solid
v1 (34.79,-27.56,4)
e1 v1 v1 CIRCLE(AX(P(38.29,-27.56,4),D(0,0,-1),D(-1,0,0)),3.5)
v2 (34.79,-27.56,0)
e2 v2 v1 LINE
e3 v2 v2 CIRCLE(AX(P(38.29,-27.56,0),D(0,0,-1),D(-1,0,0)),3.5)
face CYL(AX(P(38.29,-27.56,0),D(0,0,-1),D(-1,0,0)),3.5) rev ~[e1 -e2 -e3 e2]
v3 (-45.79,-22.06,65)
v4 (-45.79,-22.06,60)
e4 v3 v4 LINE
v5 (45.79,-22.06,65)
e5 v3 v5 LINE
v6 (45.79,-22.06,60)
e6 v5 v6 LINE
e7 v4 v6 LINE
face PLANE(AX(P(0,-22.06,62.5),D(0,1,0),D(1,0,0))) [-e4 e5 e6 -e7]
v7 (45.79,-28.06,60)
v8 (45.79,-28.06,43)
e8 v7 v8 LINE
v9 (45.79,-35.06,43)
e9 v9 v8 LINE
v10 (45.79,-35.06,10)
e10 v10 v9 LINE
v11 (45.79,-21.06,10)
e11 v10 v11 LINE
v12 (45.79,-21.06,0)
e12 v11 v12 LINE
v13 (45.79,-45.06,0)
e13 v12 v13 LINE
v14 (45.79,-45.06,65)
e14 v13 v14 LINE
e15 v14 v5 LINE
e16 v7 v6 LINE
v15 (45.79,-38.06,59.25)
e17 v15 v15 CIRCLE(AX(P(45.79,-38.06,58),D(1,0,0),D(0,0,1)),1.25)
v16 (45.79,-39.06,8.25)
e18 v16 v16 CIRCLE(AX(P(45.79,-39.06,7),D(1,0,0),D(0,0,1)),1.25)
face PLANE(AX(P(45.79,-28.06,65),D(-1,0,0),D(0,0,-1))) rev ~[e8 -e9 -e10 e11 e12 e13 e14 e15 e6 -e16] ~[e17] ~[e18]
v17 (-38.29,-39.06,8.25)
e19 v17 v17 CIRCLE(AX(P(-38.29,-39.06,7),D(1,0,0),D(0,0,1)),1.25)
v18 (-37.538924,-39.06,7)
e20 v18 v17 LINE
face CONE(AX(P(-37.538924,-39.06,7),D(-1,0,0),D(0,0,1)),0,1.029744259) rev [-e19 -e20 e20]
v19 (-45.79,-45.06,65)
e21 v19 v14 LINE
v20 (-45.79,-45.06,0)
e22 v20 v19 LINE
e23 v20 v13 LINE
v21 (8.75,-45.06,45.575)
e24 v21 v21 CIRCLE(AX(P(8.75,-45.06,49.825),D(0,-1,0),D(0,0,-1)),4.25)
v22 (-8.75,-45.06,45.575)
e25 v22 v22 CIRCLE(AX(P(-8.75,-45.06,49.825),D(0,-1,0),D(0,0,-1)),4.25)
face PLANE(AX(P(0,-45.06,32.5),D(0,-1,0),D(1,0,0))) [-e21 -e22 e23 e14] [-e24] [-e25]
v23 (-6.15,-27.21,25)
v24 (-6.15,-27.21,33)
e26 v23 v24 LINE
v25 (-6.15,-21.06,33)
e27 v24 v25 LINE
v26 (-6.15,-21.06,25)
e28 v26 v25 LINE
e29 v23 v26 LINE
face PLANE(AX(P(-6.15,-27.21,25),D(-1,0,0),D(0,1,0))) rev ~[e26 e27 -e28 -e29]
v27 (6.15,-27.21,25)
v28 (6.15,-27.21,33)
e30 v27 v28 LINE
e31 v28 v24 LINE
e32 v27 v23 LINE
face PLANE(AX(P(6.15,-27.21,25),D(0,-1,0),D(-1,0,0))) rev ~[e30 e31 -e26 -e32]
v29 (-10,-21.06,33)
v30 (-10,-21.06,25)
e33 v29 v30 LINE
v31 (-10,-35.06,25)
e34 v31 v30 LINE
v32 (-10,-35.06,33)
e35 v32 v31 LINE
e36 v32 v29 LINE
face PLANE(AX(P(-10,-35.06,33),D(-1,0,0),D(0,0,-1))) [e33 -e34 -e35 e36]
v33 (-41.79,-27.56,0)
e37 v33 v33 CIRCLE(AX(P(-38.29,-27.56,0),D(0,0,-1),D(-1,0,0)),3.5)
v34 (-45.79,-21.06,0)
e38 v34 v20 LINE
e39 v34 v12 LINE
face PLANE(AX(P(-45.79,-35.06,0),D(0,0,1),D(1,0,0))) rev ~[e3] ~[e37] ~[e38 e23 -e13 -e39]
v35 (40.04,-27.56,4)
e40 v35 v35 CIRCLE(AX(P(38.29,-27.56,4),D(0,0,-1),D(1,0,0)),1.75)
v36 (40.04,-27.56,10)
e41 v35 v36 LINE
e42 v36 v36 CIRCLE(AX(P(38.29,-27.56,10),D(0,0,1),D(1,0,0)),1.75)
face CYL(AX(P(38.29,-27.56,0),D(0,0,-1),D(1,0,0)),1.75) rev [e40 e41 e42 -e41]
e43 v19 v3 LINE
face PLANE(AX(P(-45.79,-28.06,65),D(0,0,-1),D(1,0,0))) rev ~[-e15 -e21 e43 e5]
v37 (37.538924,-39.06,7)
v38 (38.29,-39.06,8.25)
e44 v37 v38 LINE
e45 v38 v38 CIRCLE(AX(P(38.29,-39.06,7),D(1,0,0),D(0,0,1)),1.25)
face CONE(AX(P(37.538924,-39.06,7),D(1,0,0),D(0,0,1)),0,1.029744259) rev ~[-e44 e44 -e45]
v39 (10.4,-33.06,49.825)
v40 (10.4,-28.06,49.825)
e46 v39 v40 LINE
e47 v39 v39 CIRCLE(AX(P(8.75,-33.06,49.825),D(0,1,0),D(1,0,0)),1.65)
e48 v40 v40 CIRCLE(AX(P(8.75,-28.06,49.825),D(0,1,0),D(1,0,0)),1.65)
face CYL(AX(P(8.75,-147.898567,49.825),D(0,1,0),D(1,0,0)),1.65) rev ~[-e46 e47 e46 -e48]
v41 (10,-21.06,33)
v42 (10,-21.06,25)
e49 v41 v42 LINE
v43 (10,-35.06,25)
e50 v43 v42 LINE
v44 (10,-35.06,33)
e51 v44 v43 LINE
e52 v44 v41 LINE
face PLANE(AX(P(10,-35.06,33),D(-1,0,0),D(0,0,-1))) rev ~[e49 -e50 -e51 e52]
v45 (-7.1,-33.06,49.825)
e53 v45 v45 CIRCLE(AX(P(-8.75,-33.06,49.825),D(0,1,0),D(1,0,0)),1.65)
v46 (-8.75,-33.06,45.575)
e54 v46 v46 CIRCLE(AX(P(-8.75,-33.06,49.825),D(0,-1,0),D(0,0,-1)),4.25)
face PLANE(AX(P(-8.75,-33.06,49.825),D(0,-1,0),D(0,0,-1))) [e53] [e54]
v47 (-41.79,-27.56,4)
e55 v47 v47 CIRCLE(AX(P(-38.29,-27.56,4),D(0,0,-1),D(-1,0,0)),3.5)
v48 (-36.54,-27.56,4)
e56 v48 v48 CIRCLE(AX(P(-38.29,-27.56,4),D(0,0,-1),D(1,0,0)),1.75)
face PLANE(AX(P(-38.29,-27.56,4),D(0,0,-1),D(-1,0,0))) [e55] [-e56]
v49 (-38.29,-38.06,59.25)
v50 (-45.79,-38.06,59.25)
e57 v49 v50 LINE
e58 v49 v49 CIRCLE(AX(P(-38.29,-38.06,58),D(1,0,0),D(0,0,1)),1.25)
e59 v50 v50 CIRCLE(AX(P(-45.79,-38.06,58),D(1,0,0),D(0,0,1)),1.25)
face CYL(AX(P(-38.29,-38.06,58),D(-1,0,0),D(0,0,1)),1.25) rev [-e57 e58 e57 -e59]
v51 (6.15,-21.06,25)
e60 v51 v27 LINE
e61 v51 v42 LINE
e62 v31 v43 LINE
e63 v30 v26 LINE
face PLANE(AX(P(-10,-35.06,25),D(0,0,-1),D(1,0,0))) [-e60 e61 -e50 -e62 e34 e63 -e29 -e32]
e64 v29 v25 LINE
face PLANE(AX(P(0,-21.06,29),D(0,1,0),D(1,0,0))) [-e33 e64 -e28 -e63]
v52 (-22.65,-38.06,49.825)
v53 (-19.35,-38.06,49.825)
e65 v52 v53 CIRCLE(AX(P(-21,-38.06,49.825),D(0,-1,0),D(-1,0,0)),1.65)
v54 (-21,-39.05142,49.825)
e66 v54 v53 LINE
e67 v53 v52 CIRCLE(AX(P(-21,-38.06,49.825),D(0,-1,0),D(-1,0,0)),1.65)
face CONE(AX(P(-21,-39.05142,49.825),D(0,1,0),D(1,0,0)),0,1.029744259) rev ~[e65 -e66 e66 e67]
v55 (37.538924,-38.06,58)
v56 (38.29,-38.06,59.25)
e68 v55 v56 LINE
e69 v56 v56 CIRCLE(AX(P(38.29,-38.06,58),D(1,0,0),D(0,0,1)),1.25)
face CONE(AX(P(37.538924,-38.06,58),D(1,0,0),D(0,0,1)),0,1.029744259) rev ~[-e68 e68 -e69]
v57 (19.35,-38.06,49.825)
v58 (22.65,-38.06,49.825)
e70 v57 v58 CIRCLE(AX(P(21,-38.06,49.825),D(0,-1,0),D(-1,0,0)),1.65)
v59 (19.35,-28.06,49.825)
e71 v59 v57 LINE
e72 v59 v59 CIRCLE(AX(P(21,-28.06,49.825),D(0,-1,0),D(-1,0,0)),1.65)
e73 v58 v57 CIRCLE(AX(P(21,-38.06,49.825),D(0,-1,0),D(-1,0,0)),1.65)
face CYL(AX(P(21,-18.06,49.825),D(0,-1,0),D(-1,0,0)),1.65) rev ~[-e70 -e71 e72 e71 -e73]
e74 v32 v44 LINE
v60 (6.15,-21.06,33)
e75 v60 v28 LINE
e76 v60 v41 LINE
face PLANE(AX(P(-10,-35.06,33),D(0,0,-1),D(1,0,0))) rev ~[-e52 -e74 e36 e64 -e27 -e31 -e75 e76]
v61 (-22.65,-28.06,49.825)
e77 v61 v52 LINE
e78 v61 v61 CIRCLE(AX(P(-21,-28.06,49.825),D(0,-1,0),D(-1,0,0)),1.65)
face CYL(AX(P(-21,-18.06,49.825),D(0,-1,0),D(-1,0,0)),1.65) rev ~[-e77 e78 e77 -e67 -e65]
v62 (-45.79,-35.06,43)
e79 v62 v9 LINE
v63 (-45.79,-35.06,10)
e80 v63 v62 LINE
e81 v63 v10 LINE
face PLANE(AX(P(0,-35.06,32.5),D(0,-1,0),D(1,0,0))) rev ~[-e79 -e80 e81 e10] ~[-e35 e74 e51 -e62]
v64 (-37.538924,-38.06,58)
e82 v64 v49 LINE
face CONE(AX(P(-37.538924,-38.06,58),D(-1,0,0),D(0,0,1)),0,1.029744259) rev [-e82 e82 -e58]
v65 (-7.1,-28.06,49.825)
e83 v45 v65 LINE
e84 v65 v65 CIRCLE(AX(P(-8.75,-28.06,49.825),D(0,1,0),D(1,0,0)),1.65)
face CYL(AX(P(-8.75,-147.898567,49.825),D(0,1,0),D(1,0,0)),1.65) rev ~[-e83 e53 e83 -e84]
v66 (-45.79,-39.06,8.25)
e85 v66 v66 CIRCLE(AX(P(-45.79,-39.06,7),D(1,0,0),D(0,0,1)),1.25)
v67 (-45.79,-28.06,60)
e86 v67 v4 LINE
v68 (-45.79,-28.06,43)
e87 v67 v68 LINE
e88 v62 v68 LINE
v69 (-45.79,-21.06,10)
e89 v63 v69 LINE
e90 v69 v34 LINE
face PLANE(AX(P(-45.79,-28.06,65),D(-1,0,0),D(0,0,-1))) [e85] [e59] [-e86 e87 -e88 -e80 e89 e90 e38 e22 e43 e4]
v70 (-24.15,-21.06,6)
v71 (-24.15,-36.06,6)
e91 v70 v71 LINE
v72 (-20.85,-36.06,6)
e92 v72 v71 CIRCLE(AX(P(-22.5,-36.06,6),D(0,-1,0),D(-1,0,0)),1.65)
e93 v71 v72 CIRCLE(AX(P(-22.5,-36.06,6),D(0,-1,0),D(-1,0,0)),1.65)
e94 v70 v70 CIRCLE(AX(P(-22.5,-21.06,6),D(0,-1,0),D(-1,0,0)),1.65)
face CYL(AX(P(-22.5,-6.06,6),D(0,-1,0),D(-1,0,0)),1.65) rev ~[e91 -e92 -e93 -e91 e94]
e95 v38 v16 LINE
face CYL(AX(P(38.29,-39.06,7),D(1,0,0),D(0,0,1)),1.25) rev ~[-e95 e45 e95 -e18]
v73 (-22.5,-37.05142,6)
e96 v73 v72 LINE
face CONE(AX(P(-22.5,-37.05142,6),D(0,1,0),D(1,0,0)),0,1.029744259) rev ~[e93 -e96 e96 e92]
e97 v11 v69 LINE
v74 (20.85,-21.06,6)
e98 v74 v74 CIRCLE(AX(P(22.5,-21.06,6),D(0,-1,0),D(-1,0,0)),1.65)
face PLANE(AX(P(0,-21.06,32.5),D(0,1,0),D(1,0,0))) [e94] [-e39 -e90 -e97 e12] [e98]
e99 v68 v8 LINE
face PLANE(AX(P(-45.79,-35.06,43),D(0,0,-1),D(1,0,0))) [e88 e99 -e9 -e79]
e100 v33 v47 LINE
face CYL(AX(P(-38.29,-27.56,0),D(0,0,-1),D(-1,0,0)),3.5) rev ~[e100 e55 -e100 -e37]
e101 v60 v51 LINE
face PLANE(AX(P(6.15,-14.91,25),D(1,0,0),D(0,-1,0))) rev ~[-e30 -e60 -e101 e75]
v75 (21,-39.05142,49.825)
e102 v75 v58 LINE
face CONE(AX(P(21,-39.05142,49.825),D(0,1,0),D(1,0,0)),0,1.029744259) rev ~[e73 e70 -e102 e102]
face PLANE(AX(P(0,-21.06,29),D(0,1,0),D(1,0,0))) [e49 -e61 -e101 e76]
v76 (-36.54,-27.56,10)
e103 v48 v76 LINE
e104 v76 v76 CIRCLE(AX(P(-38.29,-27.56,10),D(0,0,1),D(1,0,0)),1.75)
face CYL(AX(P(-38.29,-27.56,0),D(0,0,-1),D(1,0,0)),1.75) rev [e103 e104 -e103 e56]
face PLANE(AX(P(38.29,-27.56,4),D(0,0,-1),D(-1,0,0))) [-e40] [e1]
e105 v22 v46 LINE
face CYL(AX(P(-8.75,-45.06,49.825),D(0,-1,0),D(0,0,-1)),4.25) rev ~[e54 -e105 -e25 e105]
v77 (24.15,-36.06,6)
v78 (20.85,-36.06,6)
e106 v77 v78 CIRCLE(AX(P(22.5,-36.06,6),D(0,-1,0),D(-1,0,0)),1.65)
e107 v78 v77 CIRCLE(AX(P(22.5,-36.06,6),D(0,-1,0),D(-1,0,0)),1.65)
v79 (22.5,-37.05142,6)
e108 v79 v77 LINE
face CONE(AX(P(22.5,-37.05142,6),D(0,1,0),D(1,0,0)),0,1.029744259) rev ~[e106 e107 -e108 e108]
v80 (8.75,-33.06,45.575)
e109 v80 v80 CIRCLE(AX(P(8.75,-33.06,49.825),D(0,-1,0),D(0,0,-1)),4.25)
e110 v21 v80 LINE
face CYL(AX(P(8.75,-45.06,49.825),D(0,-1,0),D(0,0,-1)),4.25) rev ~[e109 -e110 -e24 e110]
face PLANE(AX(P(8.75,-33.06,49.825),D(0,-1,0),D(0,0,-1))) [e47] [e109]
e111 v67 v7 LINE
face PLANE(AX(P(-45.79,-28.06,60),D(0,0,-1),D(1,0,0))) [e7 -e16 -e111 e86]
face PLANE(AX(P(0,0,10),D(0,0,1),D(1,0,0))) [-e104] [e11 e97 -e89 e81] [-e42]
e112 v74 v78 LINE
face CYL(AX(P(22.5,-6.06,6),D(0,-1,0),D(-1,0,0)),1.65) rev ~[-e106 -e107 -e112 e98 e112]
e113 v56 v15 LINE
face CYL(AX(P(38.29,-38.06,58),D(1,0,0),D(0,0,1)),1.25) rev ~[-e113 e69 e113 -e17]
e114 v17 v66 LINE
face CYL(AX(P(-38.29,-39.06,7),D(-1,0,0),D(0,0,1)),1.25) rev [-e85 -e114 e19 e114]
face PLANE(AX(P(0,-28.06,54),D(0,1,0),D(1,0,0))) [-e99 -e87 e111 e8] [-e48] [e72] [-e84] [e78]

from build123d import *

# Parameters (mm, degrees)
SKETCH1_W                  = 91.58
SKETCH1_H                  = 70.12
SKETCH1_R                  = 1.75
BOSS_EXTRUDE1_DEPTH        = 10
SKETCH2_W                  = 91.58
SKETCH2_H                  = 65
BOSS_EXTRUDE2_DEPTH        = 10
SKETCH3_W                  = 20
SKETCH3_H                  = 8
BOSS_EXTRUDE3_DEPTH        = 14
CUT_EXTRUDE1_DEPTH         = 75
SKETCH6_W                  = 91.58
SKETCH6_H                  = 65
CUT_EXTRUDE3_DEPTH         = 98.319979963
SKETCH11_W                 = 91.58
SKETCH11_H                 = 22
BOSS_EXTRUDE4_DEPTH        = 7
SKETCH12_W                 = 91.58
SKETCH12_H                 = 5
BOSS_EXTRUDE5_DEPTH        = 6
M4_TAPPED_HOLE2_D          = 3.3
M4_TAPPED_HOLE2_DEPTH      = 10
M4_TAPPED_HOLE2_TIP        = 0.991420021
SKETCH16_R                 = 4.25
CUT_EXTRUDE4_DEPTH         = 12
M4_TAPPED_HOLE3_D          = 3.3
SKETCH21_R                 = 3.5
CUT_EXTRUDE5_DEPTH         = 4
M4_TAPPED_HOLE4_D          = 3.3
M4_TAPPED_HOLE4_DEPTH      = 15
M4_TAPPED_HOLE4_TIP        = 0.991420021
M3_TAPPED_HOLE1_AT_2_COUNT = 2
M3_TAPPED_HOLE1_AT_2_PITCH = 51.009802979


with BuildPart() as part:
    # Sketch1 → Boss-Extrude1 (new body)
    with BuildSketch(Plane.XY):
        Rectangle(SKETCH1_W, SKETCH1_H)
        with Locations((-16.825414035, 27.05)):
            Circle(SKETCH1_R, mode=Mode.SUBTRACT)
        with Locations((33.464, 27.56)):
            Circle(SKETCH1_R, mode=Mode.SUBTRACT)
        with Locations((38.29, -27.56)):
            Circle(SKETCH1_R, mode=Mode.SUBTRACT)
        with Locations((-38.29, -27.56)):
            Circle(SKETCH1_R, mode=Mode.SUBTRACT)
    extrude(amount=BOSS_EXTRUDE1_DEPTH)

    # Sketch2 → Boss-Extrude2 (add)
    with BuildSketch(Plane.XZ.offset(35.06)):
        with Locations((0, 32.5)):
            Rectangle(SKETCH2_W, SKETCH2_H)
    extrude(amount=BOSS_EXTRUDE2_DEPTH)

    # Sketch3 → Boss-Extrude3 (add)
    with BuildSketch(Plane(origin=(0, -35.06, 0), x_dir=(1, 0, 0), z_dir=(0, 1, 0))):
        with Locations((0, -29)):
            Rectangle(SKETCH3_W, SKETCH3_H)
    extrude(amount=BOSS_EXTRUDE3_DEPTH)

    # Sketch4 → Cut-Extrude1 (cut)
    with BuildSketch(Plane(origin=(0, 0, 25), x_dir=(-1, 0, 0), z_dir=(0, 0, -1))):
        Polygon((6.15, -21.06), (6.15, -14.91), (-6.15, -14.91), (-6.15, -21.06), (-6.15, -27.21), (6.15, -27.21), align=None)
    extrude(amount=-CUT_EXTRUDE1_DEPTH, mode=Mode.SUBTRACT)

    # Sketch6 → Cut-Extrude3 (cut, through all)
    with BuildSketch(Plane(origin=(0, -21.06, 0), x_dir=(1, 0, 0), z_dir=(0, 1, 0))):
        with Locations((0, -32.5)):
            Rectangle(SKETCH6_W, SKETCH6_H)
    extrude(amount=CUT_EXTRUDE3_DEPTH, mode=Mode.SUBTRACT)

    # Sketch11 → Boss-Extrude4 (add)
    with BuildSketch(Plane(origin=(0, -35.06, 0), x_dir=(1, 0, 0), z_dir=(0, 1, 0))):
        with Locations((0, -54)):
            Rectangle(SKETCH11_W, SKETCH11_H)
    extrude(amount=BOSS_EXTRUDE4_DEPTH)

    # Sketch12 → Boss-Extrude5 (add)
    with BuildSketch(Plane(origin=(0, -28.06, 0), x_dir=(1, 0, 0), z_dir=(0, 1, 0))):
        with Locations((0, -62.5)):
            Rectangle(SKETCH12_W, SKETCH12_H)
    extrude(amount=BOSS_EXTRUDE5_DEPTH)

    # M4 Tapped Hole2
    with Locations(Plane(origin=(0, -28.06, 0), x_dir=(1, 0, 0), z_dir=(0, 1, 0))):
        with Locations((21, -49.825), (-21, -49.825)):
            Hole(M4_TAPPED_HOLE2_D / 2, depth=M4_TAPPED_HOLE2_DEPTH)
            with Locations((0, 0, -(M4_TAPPED_HOLE2_DEPTH + M4_TAPPED_HOLE2_TIP / 2))):  # 118° drill point
                Cone(0, M4_TAPPED_HOLE2_D / 2, M4_TAPPED_HOLE2_TIP, mode=Mode.SUBTRACT)

    # Sketch16 → Cut-Extrude4 (cut)
    with BuildSketch(Plane.XZ.offset(45.06)):
        with Locations(Location((-8.75, 49.825, 0), (0, 0, 270))):
            Circle(SKETCH16_R)
        with Locations(Location((8.75, 49.825, 0), (0, 0, 270))):
            Circle(SKETCH16_R)
    extrude(amount=-CUT_EXTRUDE4_DEPTH, mode=Mode.SUBTRACT)

    # M4 Tapped Hole3 (through all)
    with Locations(Plane(origin=(0, -33.06, 0), x_dir=(-1, 0, 0), z_dir=(0, -1, 0))):
        with Locations((8.75, -49.825), (-8.75, -49.825)):
            Hole(M4_TAPPED_HOLE3_D / 2)

    # Sketch21 → Cut-Extrude5 (cut)
    with BuildSketch(Plane(origin=(0, 0, 0), x_dir=(-1, 0, 0), z_dir=(0, 0, -1))):
        with Locations((-38.29, -27.56)):
            Circle(SKETCH21_R)
        with Locations((38.29, -27.56)):
            Circle(SKETCH21_R)
    extrude(amount=-CUT_EXTRUDE5_DEPTH, mode=Mode.SUBTRACT)

    # M4 Tapped Hole4
    with Locations(Plane(origin=(0, -21.06, 0), x_dir=(1, 0, 0), z_dir=(0, 1, 0))):
        with Locations((-22.5, -6), (22.5, -6)):
            Hole(M4_TAPPED_HOLE4_D / 2, depth=M4_TAPPED_HOLE4_DEPTH)
            with Locations((0, 0, -(M4_TAPPED_HOLE4_DEPTH + M4_TAPPED_HOLE4_TIP / 2))):  # 118° drill point
                Cone(0, M4_TAPPED_HOLE4_D / 2, M4_TAPPED_HOLE4_TIP, mode=Mode.SUBTRACT)

    # Sketch27 → M3 Tapped Hole1 (revolve, cut)
    with BuildSketch(Plane(origin=(-45.79, -38.06, 58), x_dir=(0, 0, 1), z_dir=(0, 1, 0))):
        Polygon((0, 0), (0, 8.251075774), (1.25, 7.5), (1.25, 0), align=None)
    m3_tapped_hole1 = revolve(axis=Axis((-52.14, -38.06, 58), (1, 0, 0)), mode=Mode.SUBTRACT)

    # M3 Tapped Hole1 at 2: M3 Tapped Hole1 ×2
    with Locations(*[Vector(0, -0.0196040749344456, -0.9998078216567245) * (i * M3_TAPPED_HOLE1_AT_2_PITCH) for i in range(1, M3_TAPPED_HOLE1_AT_2_COUNT)]):
        add(m3_tapped_hole1, mode=Mode.SUBTRACT)

    # Mirror1: M3 Tapped Hole1 across plane
    add(m3_tapped_hole1.mirror(Plane(origin=(0, 0, 0), x_dir=(0, 0, 1), z_dir=(1, 0, 0))), mode=Mode.SUBTRACT)

    # Mirror1 copy 1 sketch → Mirror1 copy 1 (revolve, cut)
    with BuildSketch(Plane(origin=(45.79, -39.06, 7), x_dir=(0, 0, 1), z_dir=(0, 1, 0))):
        Polygon((0, 0), (0, -8.251075774), (1.25, -7.5), (1.25, 0), align=None)
    revolve(axis=Axis((52.14, -39.06, 7), (1, 0, 0)), mode=Mode.SUBTRACT)


solid = part.part
